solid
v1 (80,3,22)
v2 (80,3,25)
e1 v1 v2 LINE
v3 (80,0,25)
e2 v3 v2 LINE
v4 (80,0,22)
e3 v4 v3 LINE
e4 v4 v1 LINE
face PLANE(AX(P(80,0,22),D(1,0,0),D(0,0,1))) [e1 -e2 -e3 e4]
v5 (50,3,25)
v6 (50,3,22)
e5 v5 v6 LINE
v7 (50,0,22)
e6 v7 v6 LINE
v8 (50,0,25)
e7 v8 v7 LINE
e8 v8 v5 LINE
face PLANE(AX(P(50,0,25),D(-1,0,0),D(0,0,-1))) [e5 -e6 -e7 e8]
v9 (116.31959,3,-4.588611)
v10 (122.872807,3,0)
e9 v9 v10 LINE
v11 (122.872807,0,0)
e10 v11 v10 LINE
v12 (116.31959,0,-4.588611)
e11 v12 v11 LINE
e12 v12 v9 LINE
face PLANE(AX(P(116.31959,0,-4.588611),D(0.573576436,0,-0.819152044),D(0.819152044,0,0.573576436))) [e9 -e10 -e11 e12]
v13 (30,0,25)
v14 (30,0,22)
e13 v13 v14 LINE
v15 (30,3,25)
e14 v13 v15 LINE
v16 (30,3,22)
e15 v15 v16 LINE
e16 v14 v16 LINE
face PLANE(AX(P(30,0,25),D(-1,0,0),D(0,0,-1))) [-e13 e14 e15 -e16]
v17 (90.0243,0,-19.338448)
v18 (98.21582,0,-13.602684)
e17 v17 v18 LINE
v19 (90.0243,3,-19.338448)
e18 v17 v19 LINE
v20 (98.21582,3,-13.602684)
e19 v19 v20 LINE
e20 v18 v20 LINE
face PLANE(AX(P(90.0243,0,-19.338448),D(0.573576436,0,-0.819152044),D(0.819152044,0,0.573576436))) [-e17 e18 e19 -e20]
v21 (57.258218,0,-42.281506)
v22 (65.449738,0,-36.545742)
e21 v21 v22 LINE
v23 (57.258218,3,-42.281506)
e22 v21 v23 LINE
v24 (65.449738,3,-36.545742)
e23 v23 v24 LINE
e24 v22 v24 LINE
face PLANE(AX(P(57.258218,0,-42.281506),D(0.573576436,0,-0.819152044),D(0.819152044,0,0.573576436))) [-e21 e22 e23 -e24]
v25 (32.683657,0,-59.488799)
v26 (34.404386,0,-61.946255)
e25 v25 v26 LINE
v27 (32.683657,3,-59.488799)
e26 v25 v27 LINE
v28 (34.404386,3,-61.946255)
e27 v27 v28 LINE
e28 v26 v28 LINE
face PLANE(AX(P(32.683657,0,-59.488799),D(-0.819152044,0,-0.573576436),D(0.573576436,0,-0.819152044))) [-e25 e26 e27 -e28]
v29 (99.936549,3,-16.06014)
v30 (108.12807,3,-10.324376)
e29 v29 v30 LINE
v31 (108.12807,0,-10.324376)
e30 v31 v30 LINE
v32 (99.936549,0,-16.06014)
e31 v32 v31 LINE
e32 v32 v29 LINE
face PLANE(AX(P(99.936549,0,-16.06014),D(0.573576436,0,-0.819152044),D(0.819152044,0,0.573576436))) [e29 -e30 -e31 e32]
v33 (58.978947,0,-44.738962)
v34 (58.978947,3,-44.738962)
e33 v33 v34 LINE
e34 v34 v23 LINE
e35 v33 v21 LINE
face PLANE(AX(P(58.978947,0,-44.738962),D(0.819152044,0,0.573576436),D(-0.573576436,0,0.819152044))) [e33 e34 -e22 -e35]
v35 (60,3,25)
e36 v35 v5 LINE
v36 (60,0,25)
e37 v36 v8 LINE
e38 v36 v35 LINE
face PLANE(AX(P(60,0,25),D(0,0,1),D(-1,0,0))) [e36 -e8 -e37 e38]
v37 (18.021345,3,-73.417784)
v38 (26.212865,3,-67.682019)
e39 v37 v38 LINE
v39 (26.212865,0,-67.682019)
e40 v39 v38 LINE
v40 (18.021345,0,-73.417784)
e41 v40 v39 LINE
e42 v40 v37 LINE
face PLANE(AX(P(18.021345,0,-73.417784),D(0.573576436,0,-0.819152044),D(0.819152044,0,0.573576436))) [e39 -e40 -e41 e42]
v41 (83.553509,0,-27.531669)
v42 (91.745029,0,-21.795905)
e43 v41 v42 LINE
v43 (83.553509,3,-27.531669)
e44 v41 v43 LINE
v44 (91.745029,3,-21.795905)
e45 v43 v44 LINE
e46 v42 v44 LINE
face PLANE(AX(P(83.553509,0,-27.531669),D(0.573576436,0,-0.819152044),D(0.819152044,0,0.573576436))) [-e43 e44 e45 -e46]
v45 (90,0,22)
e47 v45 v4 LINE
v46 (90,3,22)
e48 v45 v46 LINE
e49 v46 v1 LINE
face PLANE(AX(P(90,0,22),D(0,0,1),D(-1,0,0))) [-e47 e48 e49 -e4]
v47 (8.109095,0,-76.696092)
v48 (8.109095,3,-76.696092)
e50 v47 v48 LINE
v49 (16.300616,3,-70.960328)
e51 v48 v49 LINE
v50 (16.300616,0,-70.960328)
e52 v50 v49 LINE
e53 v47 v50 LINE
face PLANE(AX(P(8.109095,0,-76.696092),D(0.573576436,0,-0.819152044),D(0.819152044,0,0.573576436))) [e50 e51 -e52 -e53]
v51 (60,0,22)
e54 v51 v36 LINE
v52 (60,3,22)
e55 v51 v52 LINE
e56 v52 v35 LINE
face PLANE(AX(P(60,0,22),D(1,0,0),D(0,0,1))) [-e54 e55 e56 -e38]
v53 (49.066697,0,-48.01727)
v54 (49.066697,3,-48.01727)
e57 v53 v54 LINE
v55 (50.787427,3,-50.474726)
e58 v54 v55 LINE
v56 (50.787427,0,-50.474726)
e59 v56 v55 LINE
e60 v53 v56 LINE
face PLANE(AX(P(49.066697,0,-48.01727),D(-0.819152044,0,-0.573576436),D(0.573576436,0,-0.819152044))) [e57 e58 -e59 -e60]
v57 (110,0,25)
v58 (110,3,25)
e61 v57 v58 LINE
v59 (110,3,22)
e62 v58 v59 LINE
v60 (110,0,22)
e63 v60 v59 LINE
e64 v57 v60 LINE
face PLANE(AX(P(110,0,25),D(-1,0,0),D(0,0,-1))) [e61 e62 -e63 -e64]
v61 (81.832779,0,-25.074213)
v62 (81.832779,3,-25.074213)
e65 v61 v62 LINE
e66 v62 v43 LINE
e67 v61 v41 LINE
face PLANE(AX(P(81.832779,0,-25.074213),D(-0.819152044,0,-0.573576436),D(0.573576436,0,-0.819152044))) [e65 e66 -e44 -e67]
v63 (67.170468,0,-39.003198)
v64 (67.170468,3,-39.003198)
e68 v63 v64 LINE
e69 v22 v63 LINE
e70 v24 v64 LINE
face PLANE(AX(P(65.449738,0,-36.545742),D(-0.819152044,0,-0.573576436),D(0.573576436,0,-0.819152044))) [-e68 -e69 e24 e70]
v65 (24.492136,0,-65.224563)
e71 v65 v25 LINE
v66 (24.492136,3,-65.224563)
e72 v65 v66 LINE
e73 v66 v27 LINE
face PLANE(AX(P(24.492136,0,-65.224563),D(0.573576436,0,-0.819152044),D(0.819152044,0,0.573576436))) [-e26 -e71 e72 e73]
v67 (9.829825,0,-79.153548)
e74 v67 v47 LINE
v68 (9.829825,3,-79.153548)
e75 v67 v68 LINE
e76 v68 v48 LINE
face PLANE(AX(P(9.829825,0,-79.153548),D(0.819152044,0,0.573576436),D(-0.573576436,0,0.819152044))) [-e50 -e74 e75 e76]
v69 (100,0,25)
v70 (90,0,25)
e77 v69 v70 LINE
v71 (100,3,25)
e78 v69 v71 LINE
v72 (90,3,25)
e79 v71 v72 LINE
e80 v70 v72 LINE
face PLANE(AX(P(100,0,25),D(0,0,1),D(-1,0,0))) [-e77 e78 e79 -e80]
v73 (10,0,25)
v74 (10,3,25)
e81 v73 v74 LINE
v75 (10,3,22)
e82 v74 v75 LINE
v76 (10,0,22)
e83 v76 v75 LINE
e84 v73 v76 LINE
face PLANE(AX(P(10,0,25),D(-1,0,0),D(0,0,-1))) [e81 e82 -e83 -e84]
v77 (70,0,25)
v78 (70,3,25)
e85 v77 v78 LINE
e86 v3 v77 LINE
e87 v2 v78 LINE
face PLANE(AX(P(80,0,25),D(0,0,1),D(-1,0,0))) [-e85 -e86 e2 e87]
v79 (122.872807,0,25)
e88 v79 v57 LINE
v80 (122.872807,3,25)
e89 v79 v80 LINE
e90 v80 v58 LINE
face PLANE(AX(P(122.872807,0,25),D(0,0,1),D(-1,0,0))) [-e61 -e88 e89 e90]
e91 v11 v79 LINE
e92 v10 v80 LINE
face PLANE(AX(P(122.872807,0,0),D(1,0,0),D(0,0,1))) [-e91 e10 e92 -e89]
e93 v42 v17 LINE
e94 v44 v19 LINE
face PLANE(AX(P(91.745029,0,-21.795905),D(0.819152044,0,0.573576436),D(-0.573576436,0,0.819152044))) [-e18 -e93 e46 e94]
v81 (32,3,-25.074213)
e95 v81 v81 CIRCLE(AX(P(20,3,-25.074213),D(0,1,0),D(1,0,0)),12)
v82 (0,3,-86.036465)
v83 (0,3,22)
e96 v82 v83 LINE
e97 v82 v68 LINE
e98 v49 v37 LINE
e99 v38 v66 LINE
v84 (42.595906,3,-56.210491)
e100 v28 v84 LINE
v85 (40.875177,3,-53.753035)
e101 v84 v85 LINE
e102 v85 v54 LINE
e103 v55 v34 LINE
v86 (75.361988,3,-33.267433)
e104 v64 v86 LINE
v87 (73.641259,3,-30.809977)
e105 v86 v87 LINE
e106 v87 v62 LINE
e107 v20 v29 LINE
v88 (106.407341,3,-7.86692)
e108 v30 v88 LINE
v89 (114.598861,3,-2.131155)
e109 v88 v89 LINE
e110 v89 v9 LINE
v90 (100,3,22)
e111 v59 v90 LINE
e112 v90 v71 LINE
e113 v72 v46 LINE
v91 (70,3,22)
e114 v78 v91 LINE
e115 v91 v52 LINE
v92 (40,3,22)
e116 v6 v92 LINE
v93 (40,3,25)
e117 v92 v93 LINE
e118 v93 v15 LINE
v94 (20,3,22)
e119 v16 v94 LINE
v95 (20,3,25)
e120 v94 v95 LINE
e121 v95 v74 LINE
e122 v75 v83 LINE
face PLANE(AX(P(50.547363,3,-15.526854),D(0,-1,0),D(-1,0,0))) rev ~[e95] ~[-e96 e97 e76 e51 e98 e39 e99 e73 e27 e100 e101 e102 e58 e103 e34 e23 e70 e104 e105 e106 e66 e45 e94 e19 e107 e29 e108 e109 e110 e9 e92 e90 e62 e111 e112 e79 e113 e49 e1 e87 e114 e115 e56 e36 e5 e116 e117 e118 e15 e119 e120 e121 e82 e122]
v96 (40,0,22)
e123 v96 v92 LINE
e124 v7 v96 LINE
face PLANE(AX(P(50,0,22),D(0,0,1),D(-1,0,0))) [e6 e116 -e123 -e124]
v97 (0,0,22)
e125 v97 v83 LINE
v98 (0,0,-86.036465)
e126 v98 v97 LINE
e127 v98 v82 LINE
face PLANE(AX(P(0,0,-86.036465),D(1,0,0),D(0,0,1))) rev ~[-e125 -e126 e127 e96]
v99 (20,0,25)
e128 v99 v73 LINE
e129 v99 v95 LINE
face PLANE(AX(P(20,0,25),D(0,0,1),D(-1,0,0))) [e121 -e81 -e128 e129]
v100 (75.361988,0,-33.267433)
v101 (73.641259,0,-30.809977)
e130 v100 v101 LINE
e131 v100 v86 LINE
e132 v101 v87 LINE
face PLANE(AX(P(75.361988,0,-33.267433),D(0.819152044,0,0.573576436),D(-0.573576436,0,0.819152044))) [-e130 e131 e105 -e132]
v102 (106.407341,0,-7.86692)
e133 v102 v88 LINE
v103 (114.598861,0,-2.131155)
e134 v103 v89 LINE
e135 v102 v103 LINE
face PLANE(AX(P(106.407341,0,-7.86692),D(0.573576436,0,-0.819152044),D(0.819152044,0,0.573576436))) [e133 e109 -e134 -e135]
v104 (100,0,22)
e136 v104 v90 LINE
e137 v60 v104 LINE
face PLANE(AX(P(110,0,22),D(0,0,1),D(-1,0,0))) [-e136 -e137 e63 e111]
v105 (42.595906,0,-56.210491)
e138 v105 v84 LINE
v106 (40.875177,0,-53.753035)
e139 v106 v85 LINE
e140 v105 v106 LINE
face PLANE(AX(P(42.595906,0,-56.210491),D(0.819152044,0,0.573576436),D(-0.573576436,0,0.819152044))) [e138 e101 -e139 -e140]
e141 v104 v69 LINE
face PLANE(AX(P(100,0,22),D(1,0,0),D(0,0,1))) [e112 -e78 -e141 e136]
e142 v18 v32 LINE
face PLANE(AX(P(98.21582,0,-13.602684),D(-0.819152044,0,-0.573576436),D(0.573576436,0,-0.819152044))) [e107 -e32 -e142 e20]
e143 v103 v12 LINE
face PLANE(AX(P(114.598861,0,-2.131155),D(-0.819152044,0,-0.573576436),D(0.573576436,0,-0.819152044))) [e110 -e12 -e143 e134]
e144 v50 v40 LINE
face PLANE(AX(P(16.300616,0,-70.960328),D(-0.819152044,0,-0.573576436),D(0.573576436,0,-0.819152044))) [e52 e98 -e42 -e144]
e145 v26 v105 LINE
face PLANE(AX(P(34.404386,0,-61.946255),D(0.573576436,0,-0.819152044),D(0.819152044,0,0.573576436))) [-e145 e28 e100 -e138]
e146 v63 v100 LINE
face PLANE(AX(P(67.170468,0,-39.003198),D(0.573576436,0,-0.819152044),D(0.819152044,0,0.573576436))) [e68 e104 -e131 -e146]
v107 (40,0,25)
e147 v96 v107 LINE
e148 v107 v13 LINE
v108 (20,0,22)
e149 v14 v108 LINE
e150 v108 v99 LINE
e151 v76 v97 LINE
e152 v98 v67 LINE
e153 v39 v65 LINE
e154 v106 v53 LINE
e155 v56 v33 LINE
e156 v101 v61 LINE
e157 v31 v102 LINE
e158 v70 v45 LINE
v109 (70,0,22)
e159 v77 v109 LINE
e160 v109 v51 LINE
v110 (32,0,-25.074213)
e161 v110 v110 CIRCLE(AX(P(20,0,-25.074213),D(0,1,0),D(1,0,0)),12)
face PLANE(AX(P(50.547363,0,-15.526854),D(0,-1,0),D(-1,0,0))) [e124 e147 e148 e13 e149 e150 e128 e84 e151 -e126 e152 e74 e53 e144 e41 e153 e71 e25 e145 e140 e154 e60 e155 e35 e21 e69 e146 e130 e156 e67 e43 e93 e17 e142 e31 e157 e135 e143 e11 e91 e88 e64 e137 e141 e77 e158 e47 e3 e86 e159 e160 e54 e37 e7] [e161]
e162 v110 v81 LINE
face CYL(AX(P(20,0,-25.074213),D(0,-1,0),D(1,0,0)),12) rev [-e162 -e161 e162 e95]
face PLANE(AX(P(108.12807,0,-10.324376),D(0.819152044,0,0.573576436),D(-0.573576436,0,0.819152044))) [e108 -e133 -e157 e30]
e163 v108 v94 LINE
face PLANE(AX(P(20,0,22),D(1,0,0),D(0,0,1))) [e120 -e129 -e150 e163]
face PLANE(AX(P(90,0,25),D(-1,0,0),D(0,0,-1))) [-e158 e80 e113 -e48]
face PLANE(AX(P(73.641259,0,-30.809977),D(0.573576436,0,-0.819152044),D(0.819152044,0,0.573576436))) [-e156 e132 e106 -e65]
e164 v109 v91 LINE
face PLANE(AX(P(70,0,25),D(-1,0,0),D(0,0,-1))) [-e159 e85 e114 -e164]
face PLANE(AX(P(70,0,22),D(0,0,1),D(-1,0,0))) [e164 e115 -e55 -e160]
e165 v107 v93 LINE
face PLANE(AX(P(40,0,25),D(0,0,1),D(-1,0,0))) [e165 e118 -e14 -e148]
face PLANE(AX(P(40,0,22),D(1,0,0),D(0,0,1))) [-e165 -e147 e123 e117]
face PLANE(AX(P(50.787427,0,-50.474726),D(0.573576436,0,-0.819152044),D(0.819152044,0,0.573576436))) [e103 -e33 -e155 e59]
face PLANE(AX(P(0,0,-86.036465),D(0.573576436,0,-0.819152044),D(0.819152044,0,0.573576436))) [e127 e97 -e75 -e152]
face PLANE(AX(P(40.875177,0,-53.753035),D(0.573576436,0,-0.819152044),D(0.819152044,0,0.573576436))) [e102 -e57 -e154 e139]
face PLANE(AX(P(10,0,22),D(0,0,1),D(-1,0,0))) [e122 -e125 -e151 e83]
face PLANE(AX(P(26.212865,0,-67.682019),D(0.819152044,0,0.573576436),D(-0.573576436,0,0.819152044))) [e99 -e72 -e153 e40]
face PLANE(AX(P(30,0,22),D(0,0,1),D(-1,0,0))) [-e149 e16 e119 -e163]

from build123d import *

# Parameters (mm, degrees)
ESQUISSE1_R        = 12
BOSS_EXTRU_1_DEPTH = 3


with BuildPart() as part:
    # Esquisse1 → Boss.-Extru.1 (new body)
    with BuildSketch(Plane(origin=(0, 0, 0), x_dir=(1, 0, 0), z_dir=(0, 1, 0))):
        Polygon((0, 0), (0, 86.036465453), (9.829824531, 79.153548216), (8.109095222, 76.696092084), (16.300615665, 70.96032772), (18.021344974, 73.417783853), (26.212865417, 67.682019489), (24.492136108, 65.224563357), (32.683656551, 59.488798993), (34.40438586, 61.946255126), (42.595906303, 56.210490762), (40.875176994, 53.75303463), (49.066697437, 48.017270266), (50.787426746, 50.474726399), (58.978947189, 44.738962035), (57.25821788, 42.281505903), (65.449738323, 36.545741539), (67.170467632, 39.003197672), (75.361988075, 33.267433308), (73.641258766, 30.809977175), (81.832779208, 25.074212812), (83.553508517, 27.531668945), (91.74502896, 21.795904581), (90.024299651, 19.338448448), (98.215820094, 13.602684085), (99.936549403, 16.060140218), (108.128069846, 10.324375854), (106.407340537, 7.866919721), (114.59886098, 2.131155358), (116.319590289, 4.588611491), (122.872806643, 0), (122.872806643, -25), (110, -25), (110, -22), (100, -22), (100, -25), (90, -25), (90, -22), (80, -22), (80, -25), (70, -25), (70, -22), (60, -22), (60, -25), (50, -25), (50, -22), (40, -22), (40, -25), (30, -25), (30, -22), (20, -22), (20, -25), (10, -25), (10, -22), (0, -22), align=None)
        with Locations((20, 25.074212812)):
            Circle(ESQUISSE1_R, mode=Mode.SUBTRACT)
    extrude(amount=BOSS_EXTRU_1_DEPTH)


solid = part.part
